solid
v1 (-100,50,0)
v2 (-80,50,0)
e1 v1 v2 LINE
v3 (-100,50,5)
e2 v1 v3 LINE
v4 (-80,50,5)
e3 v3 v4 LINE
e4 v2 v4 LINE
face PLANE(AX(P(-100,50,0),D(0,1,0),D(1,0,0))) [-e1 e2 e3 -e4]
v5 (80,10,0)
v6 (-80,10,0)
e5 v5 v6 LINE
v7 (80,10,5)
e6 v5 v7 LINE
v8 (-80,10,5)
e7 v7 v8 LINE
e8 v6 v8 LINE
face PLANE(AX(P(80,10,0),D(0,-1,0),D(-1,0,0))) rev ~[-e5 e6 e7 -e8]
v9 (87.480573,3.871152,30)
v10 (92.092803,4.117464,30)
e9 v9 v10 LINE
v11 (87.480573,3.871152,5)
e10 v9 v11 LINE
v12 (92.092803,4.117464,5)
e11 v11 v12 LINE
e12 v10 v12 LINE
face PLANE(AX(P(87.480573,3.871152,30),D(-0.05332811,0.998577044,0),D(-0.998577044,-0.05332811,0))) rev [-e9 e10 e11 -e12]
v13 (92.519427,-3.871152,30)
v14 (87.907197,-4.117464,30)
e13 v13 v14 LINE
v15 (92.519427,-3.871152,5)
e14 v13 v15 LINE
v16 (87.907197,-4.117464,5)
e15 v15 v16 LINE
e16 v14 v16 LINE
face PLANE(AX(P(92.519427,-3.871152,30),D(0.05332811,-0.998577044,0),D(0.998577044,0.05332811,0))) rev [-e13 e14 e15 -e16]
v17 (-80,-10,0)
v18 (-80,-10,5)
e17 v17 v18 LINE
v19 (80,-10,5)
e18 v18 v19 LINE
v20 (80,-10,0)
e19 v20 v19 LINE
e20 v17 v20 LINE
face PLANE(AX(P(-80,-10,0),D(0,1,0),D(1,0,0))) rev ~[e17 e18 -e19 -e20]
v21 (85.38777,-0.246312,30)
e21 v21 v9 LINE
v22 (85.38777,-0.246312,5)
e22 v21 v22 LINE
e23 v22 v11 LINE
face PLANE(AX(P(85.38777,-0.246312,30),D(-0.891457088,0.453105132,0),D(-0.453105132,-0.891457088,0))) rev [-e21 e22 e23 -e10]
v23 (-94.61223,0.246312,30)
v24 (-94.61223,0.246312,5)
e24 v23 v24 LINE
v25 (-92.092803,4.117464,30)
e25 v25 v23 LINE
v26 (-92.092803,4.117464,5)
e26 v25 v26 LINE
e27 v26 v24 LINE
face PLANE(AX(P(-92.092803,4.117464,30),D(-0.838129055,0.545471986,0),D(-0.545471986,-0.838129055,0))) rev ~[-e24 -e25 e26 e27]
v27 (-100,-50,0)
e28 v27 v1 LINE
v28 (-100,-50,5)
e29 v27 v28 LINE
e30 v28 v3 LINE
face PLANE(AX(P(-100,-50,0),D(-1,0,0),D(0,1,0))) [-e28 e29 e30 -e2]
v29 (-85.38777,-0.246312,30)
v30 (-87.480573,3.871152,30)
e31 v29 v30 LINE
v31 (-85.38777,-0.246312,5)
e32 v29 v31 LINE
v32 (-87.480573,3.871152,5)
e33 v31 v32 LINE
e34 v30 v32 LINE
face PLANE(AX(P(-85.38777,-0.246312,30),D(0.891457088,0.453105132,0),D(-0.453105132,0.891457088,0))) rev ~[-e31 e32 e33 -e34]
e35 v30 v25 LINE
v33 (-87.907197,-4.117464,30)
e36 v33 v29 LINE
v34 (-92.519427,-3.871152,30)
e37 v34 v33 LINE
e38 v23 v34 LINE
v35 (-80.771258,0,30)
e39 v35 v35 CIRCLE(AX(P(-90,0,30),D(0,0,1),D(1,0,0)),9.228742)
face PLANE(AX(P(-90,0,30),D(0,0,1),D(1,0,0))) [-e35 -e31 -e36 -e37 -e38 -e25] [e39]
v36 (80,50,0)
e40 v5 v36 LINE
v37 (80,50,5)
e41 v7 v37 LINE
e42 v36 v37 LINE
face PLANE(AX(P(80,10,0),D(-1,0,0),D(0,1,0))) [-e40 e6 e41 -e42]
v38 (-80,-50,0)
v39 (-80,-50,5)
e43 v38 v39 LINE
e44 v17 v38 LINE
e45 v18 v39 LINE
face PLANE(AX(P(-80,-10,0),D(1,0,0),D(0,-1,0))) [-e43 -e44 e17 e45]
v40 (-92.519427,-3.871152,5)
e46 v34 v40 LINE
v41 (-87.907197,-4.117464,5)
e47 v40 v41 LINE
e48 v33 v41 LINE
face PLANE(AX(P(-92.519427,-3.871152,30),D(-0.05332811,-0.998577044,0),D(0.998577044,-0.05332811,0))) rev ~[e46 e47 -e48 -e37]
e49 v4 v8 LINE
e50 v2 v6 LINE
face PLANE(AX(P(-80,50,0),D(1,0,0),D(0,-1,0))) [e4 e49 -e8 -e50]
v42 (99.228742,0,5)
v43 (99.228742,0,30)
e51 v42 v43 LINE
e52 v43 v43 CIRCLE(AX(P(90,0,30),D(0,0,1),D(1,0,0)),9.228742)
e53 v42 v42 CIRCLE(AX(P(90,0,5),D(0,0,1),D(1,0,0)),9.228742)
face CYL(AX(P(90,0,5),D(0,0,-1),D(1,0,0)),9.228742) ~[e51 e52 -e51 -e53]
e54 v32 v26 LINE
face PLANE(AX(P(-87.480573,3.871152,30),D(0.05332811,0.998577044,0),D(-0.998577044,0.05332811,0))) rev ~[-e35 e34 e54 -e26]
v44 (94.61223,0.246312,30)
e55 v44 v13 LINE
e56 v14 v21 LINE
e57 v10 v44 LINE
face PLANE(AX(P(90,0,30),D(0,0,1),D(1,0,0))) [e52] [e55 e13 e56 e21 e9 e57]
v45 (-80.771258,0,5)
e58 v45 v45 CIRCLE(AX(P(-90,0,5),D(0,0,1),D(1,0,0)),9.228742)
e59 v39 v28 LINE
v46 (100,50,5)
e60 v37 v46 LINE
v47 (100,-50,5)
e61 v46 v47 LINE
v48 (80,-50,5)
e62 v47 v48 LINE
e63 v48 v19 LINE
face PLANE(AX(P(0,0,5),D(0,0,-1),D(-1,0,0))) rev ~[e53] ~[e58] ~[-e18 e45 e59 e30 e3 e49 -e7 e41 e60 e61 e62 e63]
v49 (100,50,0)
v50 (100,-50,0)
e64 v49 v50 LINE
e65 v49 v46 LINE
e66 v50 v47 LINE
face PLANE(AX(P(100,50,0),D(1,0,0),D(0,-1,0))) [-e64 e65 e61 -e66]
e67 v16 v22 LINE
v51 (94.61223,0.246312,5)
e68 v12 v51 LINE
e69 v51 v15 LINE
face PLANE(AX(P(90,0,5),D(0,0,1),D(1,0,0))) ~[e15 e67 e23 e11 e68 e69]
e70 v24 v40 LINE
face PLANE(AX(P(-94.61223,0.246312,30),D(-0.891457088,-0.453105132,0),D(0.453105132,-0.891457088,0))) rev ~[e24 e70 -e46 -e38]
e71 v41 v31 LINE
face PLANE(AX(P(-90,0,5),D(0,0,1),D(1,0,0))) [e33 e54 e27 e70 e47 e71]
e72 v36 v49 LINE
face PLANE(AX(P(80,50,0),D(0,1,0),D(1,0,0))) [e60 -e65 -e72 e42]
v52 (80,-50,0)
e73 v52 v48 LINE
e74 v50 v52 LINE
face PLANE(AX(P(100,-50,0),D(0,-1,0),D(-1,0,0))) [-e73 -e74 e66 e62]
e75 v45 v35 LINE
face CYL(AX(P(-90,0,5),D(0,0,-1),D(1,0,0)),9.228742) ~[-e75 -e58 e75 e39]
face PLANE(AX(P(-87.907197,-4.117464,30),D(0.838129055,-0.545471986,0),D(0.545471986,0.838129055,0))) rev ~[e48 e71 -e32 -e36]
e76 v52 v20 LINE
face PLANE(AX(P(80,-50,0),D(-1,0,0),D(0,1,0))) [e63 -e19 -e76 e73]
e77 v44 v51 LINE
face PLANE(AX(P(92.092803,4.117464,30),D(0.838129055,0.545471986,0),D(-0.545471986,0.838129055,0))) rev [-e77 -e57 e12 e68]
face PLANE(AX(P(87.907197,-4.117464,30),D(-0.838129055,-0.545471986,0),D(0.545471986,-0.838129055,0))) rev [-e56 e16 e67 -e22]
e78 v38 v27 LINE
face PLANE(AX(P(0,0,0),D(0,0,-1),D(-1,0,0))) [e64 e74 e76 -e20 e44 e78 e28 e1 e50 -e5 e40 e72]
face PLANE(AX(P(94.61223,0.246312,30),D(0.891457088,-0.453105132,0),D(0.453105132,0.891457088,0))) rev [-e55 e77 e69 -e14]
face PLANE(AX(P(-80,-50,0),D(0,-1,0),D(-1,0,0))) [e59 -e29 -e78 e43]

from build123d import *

# Parameters (mm, degrees)
PAD_DEPTH    = 5
SKETCH002_R  = 9.228742
PAD001_DEPTH = 25
POCKET_DEPTH = 25


with BuildPart() as part:
    # Sketch001 → Pad (new body)
    with BuildSketch(Plane.XY):
        Polygon((0, 10), (80, 10), (80, 50), (100, 50), (100, -50), (80, -50), (80, -10), (0, -10), (-80, -10), (-80, -50), (-100, -50), (-100, 50), (-80, 50), (-80, 10), align=None)
    extrude(amount=PAD_DEPTH)

    # Sketch002 → Pad001 (new body)
    with BuildSketch(Plane.XY.offset(5)):
        with Locations((90, 0)):
            Circle(SKETCH002_R)
        with Locations((-90, 0)):
            Circle(SKETCH002_R)
    extrude(amount=PAD001_DEPTH)

    # Sketch003 → Pocket (cut)
    with BuildSketch(Plane.XY.offset(30)):
        Polygon((-87.480573, 3.871152), (-92.092803, 4.117464), (-94.61223, 0.246312), (-92.519427, -3.871152), (-87.907197, -4.117464), (-85.38777, -0.246312), align=None)
    pocket = extrude(amount=-POCKET_DEPTH, mode=Mode.SUBTRACT)

    # Mirrored: Pocket across Sketch003 V_Axis
    add(pocket.mirror(Plane(origin=(0, 0, 30), x_dir=(0, 0, 1), z_dir=(1, 0, 0))), mode=Mode.SUBTRACT)


solid = part.part
